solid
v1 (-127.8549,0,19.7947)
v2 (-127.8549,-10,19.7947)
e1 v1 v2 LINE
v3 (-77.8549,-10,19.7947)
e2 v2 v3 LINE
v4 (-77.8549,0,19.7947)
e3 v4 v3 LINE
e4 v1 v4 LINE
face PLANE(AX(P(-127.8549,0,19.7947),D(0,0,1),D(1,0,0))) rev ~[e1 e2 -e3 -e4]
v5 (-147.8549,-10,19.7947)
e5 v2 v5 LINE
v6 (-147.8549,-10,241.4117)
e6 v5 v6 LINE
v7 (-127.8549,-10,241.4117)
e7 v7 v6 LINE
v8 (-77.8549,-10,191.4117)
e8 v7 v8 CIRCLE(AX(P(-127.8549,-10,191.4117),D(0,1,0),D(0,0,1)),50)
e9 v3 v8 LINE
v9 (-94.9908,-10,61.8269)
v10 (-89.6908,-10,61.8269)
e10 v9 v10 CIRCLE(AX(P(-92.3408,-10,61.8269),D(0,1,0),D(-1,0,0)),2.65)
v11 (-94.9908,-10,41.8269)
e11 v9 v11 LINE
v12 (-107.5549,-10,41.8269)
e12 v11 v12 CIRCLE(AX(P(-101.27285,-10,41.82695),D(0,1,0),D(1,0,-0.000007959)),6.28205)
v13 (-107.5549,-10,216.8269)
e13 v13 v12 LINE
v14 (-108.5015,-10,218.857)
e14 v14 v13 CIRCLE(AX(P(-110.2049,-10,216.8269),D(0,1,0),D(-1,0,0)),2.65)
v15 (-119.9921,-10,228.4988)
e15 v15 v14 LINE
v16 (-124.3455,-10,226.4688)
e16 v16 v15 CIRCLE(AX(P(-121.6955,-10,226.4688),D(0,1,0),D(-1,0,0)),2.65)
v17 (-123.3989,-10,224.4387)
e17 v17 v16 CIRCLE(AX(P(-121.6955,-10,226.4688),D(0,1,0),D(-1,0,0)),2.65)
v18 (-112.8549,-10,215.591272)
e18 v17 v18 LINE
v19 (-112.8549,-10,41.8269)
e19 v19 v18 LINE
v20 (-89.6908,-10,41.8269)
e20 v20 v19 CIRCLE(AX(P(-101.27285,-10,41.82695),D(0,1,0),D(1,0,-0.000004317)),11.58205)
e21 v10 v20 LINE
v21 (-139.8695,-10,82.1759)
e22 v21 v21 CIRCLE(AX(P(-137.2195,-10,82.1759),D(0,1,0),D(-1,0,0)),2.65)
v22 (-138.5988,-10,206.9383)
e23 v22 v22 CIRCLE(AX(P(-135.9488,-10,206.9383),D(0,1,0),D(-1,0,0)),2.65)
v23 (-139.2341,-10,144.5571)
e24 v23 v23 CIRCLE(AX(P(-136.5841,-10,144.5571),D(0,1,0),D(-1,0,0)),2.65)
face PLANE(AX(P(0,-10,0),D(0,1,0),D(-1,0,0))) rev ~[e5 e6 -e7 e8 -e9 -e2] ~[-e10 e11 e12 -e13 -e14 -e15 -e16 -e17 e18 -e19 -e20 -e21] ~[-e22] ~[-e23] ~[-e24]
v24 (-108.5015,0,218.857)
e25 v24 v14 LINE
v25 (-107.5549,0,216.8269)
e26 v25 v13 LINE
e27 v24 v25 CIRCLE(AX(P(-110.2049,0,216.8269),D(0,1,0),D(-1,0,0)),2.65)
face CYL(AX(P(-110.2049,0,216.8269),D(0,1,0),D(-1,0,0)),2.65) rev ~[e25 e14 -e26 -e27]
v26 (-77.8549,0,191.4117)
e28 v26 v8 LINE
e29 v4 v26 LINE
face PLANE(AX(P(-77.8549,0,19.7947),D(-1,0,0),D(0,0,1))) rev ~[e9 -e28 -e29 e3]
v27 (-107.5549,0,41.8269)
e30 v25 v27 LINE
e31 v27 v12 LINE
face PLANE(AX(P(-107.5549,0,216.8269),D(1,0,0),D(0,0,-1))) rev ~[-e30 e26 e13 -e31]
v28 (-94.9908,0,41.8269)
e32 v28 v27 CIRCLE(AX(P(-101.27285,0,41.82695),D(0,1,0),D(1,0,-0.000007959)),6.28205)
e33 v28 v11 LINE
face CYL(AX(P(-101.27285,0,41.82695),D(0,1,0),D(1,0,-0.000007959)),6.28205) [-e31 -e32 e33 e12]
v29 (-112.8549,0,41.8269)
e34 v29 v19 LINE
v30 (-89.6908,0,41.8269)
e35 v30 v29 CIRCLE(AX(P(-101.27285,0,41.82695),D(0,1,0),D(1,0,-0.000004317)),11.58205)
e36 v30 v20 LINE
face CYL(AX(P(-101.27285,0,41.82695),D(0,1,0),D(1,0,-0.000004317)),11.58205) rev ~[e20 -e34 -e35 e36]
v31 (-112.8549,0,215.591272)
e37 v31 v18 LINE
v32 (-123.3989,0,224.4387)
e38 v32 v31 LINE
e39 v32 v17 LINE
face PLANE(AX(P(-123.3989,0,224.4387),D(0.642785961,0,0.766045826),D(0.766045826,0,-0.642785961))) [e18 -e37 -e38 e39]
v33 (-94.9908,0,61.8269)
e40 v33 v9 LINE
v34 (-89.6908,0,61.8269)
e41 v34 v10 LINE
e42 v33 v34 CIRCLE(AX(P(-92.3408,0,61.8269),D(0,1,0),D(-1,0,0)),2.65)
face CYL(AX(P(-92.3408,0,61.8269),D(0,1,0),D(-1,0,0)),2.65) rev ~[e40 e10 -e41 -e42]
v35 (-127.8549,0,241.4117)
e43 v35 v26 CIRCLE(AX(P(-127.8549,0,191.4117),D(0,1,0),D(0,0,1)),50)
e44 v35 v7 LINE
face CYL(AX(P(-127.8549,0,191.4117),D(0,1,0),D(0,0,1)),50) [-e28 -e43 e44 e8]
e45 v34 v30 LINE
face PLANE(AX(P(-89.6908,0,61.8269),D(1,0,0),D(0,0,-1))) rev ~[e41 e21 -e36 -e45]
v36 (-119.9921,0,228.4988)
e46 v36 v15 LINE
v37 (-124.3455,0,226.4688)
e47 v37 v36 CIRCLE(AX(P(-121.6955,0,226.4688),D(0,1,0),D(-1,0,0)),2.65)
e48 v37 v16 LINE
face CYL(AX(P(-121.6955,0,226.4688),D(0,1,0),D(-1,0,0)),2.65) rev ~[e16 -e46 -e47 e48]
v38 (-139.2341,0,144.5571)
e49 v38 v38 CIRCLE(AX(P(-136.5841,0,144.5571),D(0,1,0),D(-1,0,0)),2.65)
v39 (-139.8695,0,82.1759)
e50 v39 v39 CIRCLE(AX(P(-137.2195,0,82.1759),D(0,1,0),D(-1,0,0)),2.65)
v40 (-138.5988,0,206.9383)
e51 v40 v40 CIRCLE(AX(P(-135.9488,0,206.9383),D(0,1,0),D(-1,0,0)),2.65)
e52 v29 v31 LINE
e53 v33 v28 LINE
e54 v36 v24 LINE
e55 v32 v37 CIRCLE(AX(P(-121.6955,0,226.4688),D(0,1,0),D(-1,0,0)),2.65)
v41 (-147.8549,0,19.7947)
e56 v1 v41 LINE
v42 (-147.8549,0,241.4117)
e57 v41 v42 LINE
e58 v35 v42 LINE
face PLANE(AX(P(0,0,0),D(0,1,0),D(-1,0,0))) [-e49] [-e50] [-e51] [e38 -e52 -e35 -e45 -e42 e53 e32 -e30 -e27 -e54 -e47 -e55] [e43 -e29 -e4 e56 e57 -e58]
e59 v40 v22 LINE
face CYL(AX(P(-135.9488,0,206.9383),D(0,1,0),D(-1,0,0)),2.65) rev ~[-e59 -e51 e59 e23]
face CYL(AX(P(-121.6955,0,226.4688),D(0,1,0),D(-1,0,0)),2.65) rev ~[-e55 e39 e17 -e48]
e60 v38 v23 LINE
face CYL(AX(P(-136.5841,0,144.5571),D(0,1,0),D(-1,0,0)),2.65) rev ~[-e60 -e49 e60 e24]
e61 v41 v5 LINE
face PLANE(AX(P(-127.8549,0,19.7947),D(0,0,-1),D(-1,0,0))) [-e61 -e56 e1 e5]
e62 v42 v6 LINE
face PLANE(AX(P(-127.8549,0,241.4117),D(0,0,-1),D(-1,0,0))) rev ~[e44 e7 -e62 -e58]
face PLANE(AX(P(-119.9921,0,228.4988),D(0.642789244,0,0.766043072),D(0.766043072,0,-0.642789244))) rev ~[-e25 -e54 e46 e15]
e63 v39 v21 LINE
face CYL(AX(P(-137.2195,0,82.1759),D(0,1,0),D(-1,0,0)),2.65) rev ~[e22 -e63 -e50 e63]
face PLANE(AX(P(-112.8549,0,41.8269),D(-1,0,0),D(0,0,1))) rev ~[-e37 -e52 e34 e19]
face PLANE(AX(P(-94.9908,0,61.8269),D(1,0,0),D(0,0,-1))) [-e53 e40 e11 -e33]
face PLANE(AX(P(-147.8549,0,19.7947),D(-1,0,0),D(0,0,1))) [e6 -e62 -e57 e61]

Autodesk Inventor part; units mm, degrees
ref_plane "YZ Plane" through (0, 0, 0) normal (1, 0, 0) x (0, 1, 0)
ref_plane "XZ Plane" through (0, 0, 0) normal (0, 1, 0) x (-1, 0, 0)
ref_plane "XY Plane" through (0, 0, 0) normal (0, 0, 1) x (1, 0, 0)
sketch "Sketch1" plane through (0, 0, 0) normal (0, 1, 0) x (-1, 0, 0)
  line L0 (127.8549, 19.7947) -> (147.8549, 19.7947)
  line L1 (147.8549, 19.7947) -> (147.8549, 269.7947)
  line L2 (127.8549, 269.7947) -> (127.8549, 19.7947) construction
  line L3 (127.8549, 19.7947) -> (77.8549, 19.7947)
  line L4 (135.3134, 269.3194) -> (137.8549, 19.7947) construction
  circle A0 centre (136.5841, 144.5571) radius 2.65
  line L5 (136.5841, 144.5571) -> (137.8549, 19.7947) construction
  circle A1 centre (137.2195, 82.1759) radius 2.65
  line L6 (136.5841, 144.5571) -> (134.9234, 307.6106) construction
  line L7 (136.5841, 144.5571) -> (135.3134, 269.3194) construction
  circle A2 centre (135.9488, 206.9383) radius 2.65
  line L8 (110.2049, 216.8269) -> (110.2049, 41.8269) construction
  line L9 (110.2049, 216.8269) -> (121.6955, 226.4688) construction
  circle A3 centre (121.6955, 226.4688) radius 2.65
  circle A4 centre (110.2049, 216.8269) radius 2.65
  line L10 (92.3408, 41.8269) -> (92.3408, 61.8269) construction
  arc A5 (92.3408, 41.8269) -> (110.2049, 41.8269) centre (101.2728, 41.8269) ccw construction
  circle A6 centre (110.2049, 41.8269) radius 2.65
  circle A7 centre (92.3408, 61.8269) radius 2.65
  circle A8 centre (92.3408, 41.8269) radius 2.65
  line L11 (121.6955, 226.4688) -> (123.3989, 224.4387) construction
  line L12 (123.3989, 224.4387) -> (111.9082, 214.7969)
  line L13 (121.6955, 226.4688) -> (119.9921, 228.4988) construction
  line L14 (119.9921, 228.4988) -> (108.5015, 218.857)
  line L15 (110.2049, 216.8269) -> (107.5549, 216.8269) construction
  line L16 (107.5549, 216.8269) -> (107.5549, 41.8269)
  line L17 (112.8549, 41.8269) -> (112.8549, 216.8269)
  line L18 (94.9908, 61.8269) -> (94.9908, 41.8269)
  line L19 (89.6908, 61.8269) -> (89.6908, 41.8269)
  arc A9 (94.9908, 41.8269) -> (107.5549, 41.8269) centre (101.2728, 41.8269) ccw
  arc A10 (89.6908, 41.8269) -> (112.8549, 41.8269) centre (101.2728, 41.8269) ccw
  line L20 (92.3408, 61.8269) -> (94.9908, 61.8269) construction
  line L21 (77.8549, 19.7947) -> (77.8549, 191.4117)
  line L22 (112.8549, 129.3269) -> (127.8549, 129.3269) construction
  line L23 (127.8549, 241.4117) -> (147.8549, 241.4117)
  arc A11 (127.8549, 241.4117) -> (77.8549, 191.4117) centre (127.8549, 191.4117) ccw
  point P0 (0, 0)
  point P1 (112.8549, 215.5912)
  point P2 (89.6908, 41.8269)
  point P3 (77.8549, 241.4117)
  dimension "d0" = 20
  dimension "d1" = 250
  dimension "d11" = 5.3
  dimension "d12" = 5.3
  dimension "d13" = 5.3
  dimension "d16" = 175
  dimension "d17" = 15
  dimension "d18" = 130
  dimension "d19" = 5.3
  dimension "d20" = 5.3
  dimension "d21" = 20
  dimension "d22" = 5.3
  dimension "d23" = 5.3
  dimension "d24" = 5.3
  dimension "d25" = 50
  dimension "d26" = 15
  dimension "d29" = 10
  dimension "d30" = 10
  dimension "d31" = 50
extrude "Extrusion1" add sketch "Sketch1" against normal blind 10
properties part number "slothinge"
